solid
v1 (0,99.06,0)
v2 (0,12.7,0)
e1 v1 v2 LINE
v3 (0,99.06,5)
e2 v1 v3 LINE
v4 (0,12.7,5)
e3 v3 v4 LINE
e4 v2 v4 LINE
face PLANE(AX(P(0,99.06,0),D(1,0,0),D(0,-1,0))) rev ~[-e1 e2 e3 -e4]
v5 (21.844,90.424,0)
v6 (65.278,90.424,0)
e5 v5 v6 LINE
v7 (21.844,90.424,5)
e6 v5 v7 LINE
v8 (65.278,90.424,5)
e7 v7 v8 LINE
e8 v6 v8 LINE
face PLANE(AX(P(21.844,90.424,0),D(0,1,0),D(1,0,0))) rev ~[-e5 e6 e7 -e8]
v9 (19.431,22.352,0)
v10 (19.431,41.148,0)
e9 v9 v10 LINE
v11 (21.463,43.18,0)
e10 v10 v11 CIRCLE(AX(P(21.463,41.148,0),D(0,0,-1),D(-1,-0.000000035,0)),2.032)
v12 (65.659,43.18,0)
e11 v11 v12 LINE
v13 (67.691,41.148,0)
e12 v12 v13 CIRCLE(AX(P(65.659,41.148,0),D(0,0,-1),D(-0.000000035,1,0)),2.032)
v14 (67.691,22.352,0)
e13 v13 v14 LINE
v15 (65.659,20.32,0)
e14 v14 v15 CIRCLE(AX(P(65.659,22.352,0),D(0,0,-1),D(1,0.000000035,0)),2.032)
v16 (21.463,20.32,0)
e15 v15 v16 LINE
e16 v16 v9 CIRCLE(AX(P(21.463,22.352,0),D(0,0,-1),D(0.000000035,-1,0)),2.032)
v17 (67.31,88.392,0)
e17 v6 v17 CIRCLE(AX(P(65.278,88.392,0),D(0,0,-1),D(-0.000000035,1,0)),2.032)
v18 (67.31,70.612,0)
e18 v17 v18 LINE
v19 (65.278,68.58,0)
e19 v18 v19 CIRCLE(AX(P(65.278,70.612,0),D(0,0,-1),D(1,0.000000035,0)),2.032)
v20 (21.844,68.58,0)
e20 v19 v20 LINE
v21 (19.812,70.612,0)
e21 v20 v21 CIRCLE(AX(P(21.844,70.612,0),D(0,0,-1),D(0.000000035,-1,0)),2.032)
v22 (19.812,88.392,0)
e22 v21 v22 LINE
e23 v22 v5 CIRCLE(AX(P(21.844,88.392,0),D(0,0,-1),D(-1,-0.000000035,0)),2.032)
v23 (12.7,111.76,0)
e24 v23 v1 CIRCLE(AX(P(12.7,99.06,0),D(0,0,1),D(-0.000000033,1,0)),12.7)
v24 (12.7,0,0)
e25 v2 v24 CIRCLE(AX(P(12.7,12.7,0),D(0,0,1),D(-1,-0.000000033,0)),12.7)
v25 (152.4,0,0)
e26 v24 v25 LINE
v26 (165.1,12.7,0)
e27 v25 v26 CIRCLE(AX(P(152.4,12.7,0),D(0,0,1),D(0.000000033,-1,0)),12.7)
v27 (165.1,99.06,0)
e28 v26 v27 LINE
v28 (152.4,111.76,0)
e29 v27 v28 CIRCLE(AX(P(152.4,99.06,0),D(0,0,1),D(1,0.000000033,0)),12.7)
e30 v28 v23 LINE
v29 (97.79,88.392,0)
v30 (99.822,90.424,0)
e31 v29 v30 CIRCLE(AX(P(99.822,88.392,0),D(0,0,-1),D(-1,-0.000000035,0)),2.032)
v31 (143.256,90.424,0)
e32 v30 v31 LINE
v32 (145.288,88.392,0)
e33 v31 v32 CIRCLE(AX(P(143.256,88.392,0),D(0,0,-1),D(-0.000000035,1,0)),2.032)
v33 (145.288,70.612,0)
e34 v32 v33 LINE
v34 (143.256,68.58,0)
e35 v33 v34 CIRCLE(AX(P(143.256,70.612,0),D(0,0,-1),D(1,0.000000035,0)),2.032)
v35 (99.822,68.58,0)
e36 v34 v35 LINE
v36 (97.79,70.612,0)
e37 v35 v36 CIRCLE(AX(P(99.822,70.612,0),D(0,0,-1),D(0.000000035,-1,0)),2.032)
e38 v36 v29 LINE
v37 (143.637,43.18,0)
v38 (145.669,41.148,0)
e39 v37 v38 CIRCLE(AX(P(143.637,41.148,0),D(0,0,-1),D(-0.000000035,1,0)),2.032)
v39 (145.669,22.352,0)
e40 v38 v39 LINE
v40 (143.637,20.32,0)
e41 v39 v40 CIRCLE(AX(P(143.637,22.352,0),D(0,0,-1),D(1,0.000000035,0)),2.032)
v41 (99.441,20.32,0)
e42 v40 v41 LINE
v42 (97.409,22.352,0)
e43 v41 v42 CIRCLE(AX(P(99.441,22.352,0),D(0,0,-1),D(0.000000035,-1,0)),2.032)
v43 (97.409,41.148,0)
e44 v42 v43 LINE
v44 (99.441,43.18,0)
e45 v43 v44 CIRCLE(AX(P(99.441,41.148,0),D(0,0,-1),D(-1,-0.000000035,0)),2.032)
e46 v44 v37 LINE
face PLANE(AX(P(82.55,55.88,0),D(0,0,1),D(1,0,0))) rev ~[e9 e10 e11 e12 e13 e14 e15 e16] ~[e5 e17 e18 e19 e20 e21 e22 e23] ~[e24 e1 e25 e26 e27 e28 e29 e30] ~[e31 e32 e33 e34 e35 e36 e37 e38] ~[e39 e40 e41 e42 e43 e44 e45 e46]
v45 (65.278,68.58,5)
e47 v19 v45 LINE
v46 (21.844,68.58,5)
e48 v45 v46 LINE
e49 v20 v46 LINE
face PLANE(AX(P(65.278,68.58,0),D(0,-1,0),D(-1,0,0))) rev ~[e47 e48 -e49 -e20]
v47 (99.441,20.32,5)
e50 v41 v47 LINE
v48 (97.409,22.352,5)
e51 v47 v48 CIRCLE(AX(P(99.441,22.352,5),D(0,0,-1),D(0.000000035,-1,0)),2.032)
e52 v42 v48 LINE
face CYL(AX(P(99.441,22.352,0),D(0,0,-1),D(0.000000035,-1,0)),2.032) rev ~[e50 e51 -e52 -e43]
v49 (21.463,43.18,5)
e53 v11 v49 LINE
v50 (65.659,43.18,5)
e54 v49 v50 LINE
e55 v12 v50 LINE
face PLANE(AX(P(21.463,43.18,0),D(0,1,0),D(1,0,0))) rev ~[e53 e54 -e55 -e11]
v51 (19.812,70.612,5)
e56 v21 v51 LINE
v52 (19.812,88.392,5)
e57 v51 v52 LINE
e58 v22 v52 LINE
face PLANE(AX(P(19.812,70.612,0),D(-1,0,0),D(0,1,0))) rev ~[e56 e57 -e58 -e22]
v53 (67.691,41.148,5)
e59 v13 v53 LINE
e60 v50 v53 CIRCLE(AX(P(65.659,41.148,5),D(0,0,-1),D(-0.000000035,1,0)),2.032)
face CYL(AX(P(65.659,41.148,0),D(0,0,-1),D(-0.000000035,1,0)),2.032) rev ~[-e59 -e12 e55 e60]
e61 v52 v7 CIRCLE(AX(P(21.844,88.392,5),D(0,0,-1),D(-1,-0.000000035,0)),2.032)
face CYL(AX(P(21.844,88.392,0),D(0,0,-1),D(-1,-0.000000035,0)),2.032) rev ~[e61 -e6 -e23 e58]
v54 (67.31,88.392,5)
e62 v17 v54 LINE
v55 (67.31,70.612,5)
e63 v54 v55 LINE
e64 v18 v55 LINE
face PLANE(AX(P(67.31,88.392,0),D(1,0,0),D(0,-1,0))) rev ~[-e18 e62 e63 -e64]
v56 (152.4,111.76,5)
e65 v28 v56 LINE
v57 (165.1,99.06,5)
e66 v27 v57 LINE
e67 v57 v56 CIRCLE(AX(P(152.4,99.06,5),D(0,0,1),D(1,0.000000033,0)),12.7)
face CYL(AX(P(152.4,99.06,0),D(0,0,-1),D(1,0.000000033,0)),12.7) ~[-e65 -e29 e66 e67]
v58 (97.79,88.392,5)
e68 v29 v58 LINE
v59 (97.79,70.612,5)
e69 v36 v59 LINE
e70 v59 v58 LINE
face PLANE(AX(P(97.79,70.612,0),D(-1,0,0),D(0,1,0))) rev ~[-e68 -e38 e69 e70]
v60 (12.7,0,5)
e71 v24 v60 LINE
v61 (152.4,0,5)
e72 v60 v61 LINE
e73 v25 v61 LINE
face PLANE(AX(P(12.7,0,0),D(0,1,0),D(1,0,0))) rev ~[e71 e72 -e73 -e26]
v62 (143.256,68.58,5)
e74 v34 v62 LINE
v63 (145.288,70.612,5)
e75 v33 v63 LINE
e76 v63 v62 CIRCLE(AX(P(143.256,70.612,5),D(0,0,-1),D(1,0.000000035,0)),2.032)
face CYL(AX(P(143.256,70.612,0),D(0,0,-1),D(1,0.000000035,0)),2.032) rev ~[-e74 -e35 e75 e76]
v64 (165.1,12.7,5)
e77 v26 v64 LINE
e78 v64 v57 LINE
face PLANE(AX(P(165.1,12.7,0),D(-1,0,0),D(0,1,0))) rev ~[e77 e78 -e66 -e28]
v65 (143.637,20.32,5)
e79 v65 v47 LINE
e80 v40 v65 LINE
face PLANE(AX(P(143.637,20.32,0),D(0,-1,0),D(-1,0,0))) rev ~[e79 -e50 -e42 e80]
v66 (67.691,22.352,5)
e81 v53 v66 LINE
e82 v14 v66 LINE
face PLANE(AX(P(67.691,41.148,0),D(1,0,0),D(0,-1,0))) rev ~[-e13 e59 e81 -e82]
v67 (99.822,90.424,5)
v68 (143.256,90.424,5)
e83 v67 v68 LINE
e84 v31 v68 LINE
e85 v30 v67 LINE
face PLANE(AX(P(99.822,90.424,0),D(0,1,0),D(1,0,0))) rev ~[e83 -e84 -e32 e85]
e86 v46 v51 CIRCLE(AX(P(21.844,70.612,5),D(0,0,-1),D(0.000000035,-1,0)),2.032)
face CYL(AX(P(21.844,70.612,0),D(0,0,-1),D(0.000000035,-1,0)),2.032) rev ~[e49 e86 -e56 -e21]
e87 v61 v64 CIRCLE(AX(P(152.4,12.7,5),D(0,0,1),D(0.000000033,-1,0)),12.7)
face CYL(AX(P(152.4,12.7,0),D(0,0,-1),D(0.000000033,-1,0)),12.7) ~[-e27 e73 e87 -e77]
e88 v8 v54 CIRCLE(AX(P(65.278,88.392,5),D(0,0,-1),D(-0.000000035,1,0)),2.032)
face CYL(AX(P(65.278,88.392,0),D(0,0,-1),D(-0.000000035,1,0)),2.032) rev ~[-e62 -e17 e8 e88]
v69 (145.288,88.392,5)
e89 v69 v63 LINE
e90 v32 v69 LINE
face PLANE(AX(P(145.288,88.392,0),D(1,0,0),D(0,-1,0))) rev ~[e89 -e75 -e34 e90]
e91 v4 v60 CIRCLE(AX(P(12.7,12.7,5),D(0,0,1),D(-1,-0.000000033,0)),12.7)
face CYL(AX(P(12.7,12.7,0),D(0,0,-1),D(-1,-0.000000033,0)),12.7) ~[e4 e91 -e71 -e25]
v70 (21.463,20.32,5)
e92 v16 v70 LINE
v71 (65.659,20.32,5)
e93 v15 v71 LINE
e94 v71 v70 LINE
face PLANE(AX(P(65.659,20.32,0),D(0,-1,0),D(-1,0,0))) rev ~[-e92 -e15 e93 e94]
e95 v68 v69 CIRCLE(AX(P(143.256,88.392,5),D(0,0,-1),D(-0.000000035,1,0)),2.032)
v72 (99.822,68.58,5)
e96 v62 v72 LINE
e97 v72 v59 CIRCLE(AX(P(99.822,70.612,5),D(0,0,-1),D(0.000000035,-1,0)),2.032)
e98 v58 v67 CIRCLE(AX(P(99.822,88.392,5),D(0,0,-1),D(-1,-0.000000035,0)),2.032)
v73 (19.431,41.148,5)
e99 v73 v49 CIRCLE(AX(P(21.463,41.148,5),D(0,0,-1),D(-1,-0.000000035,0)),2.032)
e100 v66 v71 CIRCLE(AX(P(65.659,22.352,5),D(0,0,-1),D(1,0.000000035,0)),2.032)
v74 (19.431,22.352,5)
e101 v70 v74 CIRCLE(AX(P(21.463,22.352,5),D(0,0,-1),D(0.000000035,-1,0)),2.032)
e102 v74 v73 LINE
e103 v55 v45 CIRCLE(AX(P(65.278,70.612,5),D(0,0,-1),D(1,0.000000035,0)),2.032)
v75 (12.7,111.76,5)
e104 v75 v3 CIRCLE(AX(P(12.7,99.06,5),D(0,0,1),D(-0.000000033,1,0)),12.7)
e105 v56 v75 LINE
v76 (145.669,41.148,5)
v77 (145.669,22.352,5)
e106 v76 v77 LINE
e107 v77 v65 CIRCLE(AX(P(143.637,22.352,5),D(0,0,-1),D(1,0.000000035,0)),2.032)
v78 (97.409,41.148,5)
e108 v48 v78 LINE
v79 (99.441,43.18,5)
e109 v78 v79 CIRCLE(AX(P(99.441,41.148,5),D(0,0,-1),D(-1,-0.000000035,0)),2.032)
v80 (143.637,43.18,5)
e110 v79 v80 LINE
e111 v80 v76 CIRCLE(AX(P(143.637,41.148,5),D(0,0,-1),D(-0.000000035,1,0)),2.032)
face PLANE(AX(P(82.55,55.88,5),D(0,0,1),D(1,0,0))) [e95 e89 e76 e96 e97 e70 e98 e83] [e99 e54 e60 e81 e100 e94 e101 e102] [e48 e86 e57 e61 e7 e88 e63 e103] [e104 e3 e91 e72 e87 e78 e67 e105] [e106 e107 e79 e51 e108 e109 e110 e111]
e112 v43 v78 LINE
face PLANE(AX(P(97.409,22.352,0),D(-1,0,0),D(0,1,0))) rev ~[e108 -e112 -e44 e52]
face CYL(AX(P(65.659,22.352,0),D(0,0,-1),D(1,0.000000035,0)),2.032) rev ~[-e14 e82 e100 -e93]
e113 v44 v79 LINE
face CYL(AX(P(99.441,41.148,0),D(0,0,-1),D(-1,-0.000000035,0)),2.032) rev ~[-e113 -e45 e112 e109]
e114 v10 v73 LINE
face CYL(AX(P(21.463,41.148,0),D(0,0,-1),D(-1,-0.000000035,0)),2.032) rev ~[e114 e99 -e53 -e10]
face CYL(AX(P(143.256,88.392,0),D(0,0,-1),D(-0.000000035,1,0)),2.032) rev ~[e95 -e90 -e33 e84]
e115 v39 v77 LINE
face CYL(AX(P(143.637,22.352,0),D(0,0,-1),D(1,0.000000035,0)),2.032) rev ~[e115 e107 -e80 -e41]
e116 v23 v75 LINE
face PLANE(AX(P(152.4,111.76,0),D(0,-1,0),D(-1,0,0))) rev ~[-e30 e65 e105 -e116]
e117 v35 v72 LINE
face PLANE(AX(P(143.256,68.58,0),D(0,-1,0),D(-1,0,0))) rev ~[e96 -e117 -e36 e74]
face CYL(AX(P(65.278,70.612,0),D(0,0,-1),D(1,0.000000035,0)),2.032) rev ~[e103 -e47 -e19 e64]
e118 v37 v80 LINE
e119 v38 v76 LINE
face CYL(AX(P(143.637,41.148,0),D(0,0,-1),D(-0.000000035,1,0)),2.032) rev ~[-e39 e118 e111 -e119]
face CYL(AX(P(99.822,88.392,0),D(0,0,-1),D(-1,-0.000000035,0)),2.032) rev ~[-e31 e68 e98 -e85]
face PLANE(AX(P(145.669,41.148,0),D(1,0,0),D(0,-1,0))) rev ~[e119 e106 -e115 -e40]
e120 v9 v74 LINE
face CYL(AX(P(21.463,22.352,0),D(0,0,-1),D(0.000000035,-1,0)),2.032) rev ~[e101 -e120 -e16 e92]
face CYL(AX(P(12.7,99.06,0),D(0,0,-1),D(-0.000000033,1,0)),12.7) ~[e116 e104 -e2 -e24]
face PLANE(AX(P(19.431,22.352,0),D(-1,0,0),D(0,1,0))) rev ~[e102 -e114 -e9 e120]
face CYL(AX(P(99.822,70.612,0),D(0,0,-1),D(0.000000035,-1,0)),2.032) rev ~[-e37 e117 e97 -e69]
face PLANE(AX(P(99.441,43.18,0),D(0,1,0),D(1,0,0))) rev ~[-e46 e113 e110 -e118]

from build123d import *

# Parameters (mm, degrees)
F1_DEPTH = 5


with BuildPart() as f1:
    # F0 (on Top) → F1 (new body)
    with BuildSketch(Plane.XY):
        with BuildLine():
            ThreePointArc((0, 12.7), (3.719744, 3.719744), (12.7, 0))
            Line((12.7, 0), (152.4, 0))
            ThreePointArc((152.4, 0), (161.380256, 3.719744), (165.1, 12.7))
            Line((165.1, 12.7), (165.1, 99.06))
            ThreePointArc((165.1, 99.06), (161.380256, 108.040256), (152.4, 111.76))
            Line((152.4, 111.76), (12.7, 111.76))
            ThreePointArc((12.7, 111.76), (3.719744, 108.040256), (0, 99.06))
            Line((0, 99.06), (0, 12.7))
        make_face()
        with BuildLine():
            ThreePointArc((19.431, 41.148), (20.026159, 42.584841), (21.463, 43.18))
            Line((21.463, 43.18), (65.659, 43.18))
            ThreePointArc((65.659, 43.18), (67.095841, 42.584841), (67.691, 41.148))
            Line((67.691, 41.148), (67.691, 22.352))
            ThreePointArc((67.691, 22.352), (67.095841, 20.915159), (65.659, 20.32))
            Line((65.659, 20.32), (21.463, 20.32))
            ThreePointArc((21.463, 20.32), (20.026159, 20.915159), (19.431, 22.352))
            Line((19.431, 22.352), (19.431, 41.148))
        make_face(mode=Mode.SUBTRACT)
        with BuildLine():
            ThreePointArc((145.669, 22.352), (145.073841, 20.915159), (143.637, 20.32))
            Line((143.637, 20.32), (99.441, 20.32))
            ThreePointArc((99.441, 20.32), (98.004159, 20.915159), (97.409, 22.352))
            Line((97.409, 22.352), (97.409, 41.148))
            ThreePointArc((97.409, 41.148), (98.004159, 42.584841), (99.441, 43.18))
            Line((99.441, 43.18), (143.637, 43.18))
            ThreePointArc((143.637, 43.18), (145.073841, 42.584841), (145.669, 41.148))
            Line((145.669, 41.148), (145.669, 22.352))
        make_face(mode=Mode.SUBTRACT)
        with BuildLine():
            ThreePointArc((19.812, 88.392), (20.407159, 89.828841), (21.844, 90.424))
            Line((21.844, 90.424), (65.278, 90.424))
            ThreePointArc((65.278, 90.424), (66.714841, 89.828841), (67.31, 88.392))
            Line((67.31, 88.392), (67.31, 70.612))
            ThreePointArc((67.31, 70.612), (66.714841, 69.175159), (65.278, 68.58))
            Line((65.278, 68.58), (21.844, 68.58))
            ThreePointArc((21.844, 68.58), (20.407159, 69.175159), (19.812, 70.612))
            Line((19.812, 70.612), (19.812, 88.392))
        make_face(mode=Mode.SUBTRACT)
        with BuildLine():
            Line((97.79, 70.612), (97.79, 88.392))
            ThreePointArc((97.79, 88.392), (98.385159, 89.828841), (99.822, 90.424))
            Line((99.822, 90.424), (143.256, 90.424))
            ThreePointArc((143.256, 90.424), (144.692841, 89.828841), (145.288, 88.392))
            Line((145.288, 88.392), (145.288, 70.612))
            ThreePointArc((145.288, 70.612), (144.692841, 69.175159), (143.256, 68.58))
            Line((143.256, 68.58), (99.822, 68.58))
            ThreePointArc((99.822, 68.58), (98.385159, 69.175159), (97.79, 70.612))
        make_face(mode=Mode.SUBTRACT)
    extrude(amount=F1_DEPTH)


solid = f1.part
